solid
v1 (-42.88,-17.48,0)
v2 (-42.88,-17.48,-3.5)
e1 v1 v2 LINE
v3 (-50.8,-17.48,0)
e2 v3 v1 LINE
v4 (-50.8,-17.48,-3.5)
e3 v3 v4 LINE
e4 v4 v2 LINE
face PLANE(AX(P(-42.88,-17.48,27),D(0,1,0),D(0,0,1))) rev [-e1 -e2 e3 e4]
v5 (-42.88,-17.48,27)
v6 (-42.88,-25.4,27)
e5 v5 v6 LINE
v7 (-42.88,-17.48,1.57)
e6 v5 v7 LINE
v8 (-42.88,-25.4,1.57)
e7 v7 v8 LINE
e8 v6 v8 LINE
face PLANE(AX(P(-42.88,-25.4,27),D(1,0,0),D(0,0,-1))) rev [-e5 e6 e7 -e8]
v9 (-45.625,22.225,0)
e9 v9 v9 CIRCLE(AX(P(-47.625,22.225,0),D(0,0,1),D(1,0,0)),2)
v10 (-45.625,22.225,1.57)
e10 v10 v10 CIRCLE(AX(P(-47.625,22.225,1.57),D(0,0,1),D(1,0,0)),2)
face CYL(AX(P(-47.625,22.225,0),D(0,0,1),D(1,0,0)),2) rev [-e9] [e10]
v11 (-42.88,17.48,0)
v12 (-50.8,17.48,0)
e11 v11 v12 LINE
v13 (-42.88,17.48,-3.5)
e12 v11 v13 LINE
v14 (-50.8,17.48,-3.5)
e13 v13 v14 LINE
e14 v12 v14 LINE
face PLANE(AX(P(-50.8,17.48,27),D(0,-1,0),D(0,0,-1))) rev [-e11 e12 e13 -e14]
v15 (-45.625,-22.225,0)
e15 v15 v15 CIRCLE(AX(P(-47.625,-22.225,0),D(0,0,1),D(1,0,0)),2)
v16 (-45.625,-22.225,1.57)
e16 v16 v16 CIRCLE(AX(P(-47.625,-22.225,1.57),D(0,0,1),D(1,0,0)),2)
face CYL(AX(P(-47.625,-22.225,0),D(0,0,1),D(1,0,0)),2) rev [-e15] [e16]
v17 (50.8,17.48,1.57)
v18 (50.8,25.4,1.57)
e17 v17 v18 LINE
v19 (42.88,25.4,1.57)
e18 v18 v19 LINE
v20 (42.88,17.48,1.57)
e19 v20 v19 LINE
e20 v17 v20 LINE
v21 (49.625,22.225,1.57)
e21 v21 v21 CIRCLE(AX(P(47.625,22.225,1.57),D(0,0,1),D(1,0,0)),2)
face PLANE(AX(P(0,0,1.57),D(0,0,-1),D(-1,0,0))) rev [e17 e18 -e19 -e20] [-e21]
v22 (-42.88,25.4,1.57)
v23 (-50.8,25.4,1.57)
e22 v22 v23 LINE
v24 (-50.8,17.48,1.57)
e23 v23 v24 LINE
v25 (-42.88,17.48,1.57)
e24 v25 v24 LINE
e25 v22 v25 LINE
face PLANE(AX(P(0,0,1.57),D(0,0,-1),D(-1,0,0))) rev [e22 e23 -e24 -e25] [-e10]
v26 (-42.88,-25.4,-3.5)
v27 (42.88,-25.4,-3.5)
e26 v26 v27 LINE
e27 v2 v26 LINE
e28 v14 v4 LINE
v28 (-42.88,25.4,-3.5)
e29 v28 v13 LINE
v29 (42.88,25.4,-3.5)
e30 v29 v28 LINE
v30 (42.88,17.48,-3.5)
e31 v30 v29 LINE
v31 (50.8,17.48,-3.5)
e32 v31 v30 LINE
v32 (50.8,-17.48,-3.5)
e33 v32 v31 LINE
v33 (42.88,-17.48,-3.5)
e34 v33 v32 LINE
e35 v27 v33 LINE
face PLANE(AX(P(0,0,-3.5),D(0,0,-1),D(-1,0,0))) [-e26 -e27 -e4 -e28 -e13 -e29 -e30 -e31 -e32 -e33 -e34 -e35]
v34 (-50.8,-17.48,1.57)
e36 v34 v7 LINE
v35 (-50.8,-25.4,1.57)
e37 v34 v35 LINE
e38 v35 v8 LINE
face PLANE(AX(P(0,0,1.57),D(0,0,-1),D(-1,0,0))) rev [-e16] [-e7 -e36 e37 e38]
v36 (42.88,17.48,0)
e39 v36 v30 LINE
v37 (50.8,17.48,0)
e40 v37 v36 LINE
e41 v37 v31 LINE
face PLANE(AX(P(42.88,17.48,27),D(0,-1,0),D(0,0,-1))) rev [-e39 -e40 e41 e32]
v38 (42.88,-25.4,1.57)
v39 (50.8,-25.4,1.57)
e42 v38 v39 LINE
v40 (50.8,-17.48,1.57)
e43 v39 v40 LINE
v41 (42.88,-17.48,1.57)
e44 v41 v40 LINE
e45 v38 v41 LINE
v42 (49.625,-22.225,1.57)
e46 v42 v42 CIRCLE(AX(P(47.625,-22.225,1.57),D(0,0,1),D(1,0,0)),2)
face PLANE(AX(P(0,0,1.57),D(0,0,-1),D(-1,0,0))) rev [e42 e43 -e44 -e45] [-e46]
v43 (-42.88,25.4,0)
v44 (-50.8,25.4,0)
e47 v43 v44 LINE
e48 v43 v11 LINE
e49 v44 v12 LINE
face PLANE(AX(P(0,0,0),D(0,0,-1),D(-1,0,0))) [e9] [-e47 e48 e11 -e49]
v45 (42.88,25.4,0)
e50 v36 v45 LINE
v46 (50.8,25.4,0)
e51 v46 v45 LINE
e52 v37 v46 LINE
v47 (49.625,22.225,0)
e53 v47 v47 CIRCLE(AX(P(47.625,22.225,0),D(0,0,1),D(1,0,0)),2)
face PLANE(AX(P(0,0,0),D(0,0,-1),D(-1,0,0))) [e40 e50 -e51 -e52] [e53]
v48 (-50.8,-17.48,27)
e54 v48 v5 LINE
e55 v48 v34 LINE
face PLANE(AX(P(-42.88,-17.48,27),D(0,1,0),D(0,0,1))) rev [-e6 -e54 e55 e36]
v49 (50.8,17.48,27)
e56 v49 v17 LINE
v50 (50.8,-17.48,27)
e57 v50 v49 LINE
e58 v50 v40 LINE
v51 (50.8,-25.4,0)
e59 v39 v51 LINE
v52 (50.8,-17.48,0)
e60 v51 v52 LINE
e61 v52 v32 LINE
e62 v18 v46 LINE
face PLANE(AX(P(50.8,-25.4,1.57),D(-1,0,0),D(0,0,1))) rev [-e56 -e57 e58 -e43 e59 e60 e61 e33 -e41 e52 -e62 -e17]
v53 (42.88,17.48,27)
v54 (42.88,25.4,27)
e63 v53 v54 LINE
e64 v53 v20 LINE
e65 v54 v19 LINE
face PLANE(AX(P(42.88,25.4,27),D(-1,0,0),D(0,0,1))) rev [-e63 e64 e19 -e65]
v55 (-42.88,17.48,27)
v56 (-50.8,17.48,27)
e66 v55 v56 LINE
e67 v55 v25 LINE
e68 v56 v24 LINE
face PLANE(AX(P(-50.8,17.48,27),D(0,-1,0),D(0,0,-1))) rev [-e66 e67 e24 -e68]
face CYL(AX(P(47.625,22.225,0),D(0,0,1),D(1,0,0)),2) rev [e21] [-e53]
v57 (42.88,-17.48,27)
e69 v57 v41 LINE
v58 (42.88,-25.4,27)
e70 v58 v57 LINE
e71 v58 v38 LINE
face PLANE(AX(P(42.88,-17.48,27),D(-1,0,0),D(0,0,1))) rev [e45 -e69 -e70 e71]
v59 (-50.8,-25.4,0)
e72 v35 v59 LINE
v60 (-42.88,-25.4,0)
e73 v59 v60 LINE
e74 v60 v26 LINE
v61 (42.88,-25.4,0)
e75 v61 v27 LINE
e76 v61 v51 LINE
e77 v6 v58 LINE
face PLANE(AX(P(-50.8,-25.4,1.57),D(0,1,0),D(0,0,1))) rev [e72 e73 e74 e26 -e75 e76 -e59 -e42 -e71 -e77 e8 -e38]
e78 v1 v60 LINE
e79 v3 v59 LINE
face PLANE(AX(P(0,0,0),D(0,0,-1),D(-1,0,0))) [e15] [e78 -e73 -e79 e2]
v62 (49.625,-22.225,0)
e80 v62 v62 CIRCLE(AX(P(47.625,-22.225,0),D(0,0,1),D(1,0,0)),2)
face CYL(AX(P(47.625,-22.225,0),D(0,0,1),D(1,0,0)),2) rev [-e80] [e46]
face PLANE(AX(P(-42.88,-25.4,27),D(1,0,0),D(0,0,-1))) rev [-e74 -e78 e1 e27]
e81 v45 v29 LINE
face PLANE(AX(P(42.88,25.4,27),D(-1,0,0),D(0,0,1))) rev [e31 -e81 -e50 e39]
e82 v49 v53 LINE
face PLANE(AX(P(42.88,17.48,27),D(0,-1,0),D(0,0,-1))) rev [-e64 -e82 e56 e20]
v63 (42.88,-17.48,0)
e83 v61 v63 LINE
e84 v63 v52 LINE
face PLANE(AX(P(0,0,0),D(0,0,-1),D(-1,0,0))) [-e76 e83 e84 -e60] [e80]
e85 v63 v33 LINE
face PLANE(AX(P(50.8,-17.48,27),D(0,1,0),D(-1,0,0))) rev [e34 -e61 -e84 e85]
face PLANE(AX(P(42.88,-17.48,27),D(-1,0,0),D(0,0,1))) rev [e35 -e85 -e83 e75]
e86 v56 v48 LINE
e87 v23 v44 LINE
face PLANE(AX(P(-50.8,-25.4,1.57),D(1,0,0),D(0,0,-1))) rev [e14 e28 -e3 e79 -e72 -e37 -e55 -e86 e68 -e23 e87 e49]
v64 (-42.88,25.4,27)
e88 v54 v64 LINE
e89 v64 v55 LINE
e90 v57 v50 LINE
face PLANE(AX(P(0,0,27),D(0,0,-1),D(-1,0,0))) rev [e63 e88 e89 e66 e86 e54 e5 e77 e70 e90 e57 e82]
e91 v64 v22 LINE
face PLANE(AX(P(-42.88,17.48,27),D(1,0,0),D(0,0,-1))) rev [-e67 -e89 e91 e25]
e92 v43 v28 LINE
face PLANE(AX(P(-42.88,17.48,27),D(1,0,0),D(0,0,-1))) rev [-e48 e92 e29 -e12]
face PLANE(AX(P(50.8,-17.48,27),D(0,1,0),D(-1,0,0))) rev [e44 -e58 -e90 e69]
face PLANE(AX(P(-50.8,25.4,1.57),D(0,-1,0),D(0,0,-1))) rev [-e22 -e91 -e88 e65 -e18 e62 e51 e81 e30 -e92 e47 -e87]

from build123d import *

# Parameters (mm, degrees)
SCHIZZO1_W                        = 101.6
SCHIZZO1_H                        = 50.8
ESTRUSIONE_ESTRUSIONE1_DEPTH      = 1.57
SCHIZZO2_R                        = 2
TAGLIO_ESTRUSIONE1_DEPTH          = 57.817822028
ESTRUSIONE_ESTRUSIONE2_DEPTH      = 25.43
ESTRUSIONE_ESTRUSIONE2_DEPTH_BACK = 5.07


with BuildPart() as part:
    # Schizzo1 → Estrusione-Estrusione1 (new body)
    with BuildSketch(Plane.XY):
        Rectangle(SCHIZZO1_W, SCHIZZO1_H)
    extrude(amount=ESTRUSIONE_ESTRUSIONE1_DEPTH)

    # Schizzo2 → Taglio-Estrusione1 (cut, through all)
    with BuildSketch(Plane.XY.offset(1.57)):
        with Locations((-47.625, 22.225)):
            Circle(SCHIZZO2_R)
        with Locations((47.625, 22.225)):
            Circle(SCHIZZO2_R)
        with Locations((47.625, -22.225)):
            Circle(SCHIZZO2_R)
        with Locations((-47.625, -22.225)):
            Circle(SCHIZZO2_R)
    extrude(amount=-TAGLIO_ESTRUSIONE1_DEPTH, mode=Mode.SUBTRACT)

    # Schizzo3 → Estrusione-Estrusione2 (add, two sides: drawn at the far end of the back side and taken through both)
    with BuildSketch(Plane.XY.offset(1.57).offset(-ESTRUSIONE_ESTRUSIONE2_DEPTH_BACK)):
        Polygon((-50.8, 17.48), (-42.88, 17.48), (-42.88, 25.4), (42.88, 25.4), (42.88, 17.48), (50.8, 17.48), (50.8, -17.48), (42.88, -17.48), (42.88, -25.4), (-42.88, -25.4), (-42.88, -17.48), (-50.8, -17.48), align=None)
    extrude(amount=ESTRUSIONE_ESTRUSIONE2_DEPTH + ESTRUSIONE_ESTRUSIONE2_DEPTH_BACK)


solid = part.part
